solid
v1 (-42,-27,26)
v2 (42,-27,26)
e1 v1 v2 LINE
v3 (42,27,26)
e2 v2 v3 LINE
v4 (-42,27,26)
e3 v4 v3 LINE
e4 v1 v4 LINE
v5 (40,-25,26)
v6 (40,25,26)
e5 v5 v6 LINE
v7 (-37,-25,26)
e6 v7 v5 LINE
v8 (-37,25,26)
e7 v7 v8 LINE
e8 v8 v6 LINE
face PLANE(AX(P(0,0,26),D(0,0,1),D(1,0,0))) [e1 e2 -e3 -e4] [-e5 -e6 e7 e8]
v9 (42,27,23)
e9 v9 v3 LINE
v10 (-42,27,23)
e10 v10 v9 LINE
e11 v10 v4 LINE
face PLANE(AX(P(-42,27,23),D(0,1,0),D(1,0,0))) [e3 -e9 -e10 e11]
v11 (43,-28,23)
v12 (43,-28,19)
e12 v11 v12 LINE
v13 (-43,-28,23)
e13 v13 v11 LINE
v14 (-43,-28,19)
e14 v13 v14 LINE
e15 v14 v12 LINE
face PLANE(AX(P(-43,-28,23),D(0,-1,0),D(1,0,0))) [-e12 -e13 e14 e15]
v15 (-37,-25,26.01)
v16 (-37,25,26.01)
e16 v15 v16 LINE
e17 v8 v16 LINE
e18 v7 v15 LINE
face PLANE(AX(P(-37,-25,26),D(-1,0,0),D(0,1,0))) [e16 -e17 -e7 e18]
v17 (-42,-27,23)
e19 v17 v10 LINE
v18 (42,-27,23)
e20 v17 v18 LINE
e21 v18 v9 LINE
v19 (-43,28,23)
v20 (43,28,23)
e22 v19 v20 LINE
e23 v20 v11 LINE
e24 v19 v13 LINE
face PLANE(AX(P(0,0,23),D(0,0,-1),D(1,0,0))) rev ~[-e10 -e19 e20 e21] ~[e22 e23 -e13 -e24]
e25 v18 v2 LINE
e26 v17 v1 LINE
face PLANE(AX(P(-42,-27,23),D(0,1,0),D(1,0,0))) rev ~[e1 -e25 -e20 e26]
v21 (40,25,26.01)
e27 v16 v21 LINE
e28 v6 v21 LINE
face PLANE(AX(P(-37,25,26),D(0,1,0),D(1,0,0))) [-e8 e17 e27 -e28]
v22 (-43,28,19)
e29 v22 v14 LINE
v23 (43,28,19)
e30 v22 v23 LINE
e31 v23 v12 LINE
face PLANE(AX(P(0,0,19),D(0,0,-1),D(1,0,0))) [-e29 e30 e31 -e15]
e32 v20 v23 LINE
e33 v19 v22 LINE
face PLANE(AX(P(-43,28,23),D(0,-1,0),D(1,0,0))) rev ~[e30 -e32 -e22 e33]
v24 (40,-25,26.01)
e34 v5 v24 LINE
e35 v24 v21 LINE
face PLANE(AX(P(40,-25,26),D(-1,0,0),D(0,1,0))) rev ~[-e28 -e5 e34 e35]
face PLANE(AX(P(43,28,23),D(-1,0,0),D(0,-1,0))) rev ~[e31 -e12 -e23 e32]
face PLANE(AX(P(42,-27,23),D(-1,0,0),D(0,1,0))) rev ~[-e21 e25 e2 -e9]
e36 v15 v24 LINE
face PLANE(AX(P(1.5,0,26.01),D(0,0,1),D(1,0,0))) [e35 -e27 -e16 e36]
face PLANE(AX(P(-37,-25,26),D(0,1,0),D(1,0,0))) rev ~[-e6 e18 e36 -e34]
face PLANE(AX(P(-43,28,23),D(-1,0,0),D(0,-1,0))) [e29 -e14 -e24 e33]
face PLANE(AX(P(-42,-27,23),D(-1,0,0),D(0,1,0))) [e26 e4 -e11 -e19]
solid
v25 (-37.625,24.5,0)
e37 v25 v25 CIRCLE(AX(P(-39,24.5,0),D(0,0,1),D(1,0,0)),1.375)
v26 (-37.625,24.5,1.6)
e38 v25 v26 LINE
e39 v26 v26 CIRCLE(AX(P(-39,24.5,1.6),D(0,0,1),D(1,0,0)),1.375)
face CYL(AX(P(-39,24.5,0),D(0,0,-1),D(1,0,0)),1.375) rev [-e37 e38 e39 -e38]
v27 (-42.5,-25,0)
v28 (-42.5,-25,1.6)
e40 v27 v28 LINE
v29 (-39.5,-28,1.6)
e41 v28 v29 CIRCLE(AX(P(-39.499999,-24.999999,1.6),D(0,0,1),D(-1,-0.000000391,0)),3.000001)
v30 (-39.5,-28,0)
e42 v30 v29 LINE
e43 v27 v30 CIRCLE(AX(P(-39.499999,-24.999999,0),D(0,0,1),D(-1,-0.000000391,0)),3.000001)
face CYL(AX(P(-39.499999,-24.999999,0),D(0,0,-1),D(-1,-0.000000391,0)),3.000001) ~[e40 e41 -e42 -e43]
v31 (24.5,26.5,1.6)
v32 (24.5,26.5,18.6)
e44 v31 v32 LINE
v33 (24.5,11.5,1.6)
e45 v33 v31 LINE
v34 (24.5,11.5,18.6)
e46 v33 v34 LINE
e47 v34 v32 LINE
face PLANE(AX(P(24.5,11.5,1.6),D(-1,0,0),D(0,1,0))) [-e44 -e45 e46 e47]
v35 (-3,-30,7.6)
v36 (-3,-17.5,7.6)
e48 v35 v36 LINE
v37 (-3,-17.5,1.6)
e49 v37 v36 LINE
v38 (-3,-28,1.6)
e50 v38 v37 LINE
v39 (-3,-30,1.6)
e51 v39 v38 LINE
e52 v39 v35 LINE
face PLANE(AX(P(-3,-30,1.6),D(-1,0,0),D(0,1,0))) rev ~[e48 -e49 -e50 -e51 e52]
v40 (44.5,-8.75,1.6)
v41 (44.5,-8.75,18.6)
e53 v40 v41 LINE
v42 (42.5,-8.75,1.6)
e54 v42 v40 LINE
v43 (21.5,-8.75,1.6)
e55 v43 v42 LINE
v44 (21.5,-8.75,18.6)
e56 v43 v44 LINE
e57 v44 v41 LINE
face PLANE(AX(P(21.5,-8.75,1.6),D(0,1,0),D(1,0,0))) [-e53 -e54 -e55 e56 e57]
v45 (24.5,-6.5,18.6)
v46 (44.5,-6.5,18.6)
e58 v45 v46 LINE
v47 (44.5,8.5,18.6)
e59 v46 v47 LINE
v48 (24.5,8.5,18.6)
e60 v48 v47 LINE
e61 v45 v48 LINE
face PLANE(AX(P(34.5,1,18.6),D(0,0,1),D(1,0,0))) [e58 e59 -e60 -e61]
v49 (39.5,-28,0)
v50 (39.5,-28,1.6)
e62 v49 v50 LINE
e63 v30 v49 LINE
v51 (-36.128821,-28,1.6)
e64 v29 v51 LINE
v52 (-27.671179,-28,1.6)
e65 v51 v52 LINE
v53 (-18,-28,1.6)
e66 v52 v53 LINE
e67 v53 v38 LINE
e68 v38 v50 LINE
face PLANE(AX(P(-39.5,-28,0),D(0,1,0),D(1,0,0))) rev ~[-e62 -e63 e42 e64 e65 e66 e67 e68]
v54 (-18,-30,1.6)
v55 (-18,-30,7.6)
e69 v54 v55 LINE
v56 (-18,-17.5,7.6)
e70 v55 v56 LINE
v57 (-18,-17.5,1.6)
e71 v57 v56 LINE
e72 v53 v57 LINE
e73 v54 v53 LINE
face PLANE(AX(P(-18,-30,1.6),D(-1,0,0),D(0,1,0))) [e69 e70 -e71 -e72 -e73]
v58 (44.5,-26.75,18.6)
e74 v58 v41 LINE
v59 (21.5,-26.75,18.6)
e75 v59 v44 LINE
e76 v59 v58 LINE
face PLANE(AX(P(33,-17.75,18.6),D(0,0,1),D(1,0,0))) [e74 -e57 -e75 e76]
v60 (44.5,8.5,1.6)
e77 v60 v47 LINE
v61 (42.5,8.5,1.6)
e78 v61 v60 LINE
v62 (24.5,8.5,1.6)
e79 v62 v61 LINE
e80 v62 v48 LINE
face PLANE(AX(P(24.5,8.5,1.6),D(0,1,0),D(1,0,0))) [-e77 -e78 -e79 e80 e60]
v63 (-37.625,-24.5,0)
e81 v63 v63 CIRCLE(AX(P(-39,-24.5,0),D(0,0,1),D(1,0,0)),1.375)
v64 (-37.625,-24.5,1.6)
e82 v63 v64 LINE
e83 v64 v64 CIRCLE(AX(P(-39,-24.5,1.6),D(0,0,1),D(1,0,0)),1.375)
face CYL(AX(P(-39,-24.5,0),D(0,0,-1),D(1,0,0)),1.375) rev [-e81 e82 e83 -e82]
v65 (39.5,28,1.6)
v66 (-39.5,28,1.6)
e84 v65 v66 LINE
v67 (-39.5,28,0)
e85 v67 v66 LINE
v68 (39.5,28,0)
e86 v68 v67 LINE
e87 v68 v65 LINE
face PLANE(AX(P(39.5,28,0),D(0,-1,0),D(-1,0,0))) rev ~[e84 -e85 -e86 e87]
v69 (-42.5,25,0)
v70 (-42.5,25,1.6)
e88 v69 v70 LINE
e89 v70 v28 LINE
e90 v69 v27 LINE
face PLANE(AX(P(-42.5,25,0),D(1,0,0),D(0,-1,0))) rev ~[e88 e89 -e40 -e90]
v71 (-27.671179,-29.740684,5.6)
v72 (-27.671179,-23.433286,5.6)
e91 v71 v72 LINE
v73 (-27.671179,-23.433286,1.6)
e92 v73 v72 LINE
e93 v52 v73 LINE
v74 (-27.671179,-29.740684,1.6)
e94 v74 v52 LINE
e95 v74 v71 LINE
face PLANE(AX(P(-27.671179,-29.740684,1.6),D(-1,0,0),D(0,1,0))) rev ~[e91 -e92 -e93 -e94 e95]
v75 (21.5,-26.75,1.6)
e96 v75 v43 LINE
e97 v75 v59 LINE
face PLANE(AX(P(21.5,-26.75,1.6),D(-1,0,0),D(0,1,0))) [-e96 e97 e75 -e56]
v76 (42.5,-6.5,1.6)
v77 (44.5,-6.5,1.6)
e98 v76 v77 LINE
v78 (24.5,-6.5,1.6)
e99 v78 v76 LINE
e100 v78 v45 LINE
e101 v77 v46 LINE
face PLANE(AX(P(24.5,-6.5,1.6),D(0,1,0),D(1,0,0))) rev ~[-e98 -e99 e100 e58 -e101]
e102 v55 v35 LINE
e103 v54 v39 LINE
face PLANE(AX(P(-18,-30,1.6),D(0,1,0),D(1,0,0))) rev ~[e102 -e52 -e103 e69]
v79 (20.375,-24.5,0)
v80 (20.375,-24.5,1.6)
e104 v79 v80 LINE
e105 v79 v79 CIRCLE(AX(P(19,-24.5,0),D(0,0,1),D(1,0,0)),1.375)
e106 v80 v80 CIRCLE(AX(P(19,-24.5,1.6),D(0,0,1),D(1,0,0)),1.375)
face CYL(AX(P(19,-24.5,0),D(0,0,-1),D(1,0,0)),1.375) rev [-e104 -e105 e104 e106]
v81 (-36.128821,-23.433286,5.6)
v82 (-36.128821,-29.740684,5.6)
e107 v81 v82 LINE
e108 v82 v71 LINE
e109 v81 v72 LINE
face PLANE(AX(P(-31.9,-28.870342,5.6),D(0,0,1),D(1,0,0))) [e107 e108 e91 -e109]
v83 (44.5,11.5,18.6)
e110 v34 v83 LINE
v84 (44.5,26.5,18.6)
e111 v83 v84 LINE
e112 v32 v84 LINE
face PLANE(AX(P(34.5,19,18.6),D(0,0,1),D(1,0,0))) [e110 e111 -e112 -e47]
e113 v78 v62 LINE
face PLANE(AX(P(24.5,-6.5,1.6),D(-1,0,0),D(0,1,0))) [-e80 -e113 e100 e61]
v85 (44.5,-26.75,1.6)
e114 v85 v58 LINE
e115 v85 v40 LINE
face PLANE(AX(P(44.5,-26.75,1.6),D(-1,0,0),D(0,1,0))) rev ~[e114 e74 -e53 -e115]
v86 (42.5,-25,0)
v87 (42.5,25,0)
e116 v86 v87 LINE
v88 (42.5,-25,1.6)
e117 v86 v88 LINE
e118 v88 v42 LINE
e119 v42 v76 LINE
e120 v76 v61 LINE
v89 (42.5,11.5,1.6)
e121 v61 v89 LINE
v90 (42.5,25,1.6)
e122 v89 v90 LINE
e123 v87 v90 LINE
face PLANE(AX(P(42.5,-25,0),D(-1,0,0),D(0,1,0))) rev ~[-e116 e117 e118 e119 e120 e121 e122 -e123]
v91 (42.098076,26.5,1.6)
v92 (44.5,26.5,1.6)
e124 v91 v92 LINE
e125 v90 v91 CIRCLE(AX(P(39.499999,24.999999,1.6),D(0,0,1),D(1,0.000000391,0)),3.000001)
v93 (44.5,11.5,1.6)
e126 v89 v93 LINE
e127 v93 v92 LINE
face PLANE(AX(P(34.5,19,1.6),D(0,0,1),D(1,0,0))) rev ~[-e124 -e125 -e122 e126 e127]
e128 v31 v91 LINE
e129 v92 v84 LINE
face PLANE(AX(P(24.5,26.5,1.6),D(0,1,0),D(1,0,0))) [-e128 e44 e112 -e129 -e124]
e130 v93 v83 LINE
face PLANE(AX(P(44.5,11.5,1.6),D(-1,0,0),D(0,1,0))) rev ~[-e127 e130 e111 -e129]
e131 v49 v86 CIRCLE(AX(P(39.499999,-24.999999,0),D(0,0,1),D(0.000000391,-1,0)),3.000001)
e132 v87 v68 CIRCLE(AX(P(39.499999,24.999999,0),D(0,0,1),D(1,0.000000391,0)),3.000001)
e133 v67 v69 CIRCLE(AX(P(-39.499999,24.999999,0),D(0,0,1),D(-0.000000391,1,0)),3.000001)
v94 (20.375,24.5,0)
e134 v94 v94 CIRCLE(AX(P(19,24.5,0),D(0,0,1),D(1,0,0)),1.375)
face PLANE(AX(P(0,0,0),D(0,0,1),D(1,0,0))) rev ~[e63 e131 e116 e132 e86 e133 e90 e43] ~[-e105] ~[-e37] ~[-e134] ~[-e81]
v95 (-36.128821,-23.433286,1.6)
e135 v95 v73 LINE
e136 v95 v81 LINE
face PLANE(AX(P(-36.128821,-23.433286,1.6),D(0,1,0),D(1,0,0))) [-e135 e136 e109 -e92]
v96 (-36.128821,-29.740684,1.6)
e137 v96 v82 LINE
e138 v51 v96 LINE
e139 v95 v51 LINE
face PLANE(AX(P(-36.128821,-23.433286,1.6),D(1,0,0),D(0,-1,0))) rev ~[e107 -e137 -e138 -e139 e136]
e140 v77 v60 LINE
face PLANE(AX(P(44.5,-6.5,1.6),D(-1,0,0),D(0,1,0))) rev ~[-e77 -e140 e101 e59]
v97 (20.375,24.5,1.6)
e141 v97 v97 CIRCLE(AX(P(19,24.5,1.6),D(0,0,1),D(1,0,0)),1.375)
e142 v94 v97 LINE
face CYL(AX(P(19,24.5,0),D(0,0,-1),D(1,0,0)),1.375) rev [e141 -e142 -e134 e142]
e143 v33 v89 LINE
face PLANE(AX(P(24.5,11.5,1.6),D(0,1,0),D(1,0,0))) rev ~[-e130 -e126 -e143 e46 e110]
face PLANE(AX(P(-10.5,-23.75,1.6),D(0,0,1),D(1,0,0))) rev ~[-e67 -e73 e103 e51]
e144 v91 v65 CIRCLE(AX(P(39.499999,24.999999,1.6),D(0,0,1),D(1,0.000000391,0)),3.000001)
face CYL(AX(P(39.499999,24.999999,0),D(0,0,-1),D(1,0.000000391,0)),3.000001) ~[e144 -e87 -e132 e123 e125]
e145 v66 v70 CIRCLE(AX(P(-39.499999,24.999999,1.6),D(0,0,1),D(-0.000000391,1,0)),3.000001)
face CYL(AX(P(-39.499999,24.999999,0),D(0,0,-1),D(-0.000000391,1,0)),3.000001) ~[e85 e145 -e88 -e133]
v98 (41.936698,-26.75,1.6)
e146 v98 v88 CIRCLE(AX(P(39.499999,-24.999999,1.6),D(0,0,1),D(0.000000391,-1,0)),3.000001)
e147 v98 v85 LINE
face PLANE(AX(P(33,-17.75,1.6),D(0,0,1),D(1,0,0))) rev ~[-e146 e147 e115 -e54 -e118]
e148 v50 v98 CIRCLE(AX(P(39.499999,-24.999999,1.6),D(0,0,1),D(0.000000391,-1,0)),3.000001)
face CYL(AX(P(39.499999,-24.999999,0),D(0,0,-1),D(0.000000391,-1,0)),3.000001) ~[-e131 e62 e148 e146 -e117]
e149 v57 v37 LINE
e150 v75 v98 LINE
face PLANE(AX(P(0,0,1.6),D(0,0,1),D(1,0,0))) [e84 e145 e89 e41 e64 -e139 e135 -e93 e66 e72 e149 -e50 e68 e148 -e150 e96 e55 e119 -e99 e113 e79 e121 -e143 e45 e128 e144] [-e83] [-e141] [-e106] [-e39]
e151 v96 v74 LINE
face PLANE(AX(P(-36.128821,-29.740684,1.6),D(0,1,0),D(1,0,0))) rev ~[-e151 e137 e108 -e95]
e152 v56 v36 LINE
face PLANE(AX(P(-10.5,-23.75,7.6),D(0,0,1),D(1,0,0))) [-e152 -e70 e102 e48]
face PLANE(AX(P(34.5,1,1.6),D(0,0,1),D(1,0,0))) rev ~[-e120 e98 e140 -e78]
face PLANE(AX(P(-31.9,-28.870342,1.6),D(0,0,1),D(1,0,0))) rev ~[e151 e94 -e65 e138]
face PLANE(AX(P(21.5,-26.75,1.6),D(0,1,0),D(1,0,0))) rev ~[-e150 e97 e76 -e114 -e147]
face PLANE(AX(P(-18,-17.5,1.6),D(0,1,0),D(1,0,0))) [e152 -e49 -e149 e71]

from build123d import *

# Parameters (mm, degrees)
F0_R      = 1.375
F1_DEPTH  = 1.6
F2_W      = 8.457642
F2_H      = 1.740684
F2_H_2    = 4.566714
F3_DEPTH  = 4
F4_W      = 20
F4_H      = 15
F4_W_2    = 23
F4_H_2    = 18
F5_DEPTH  = 17
F6_W      = 15
F6_H      = 12.5
F7_DEPTH  = 6
F9_W      = 84
F9_H      = 54
F10_DEPTH = 3
F11_W     = 77
F11_H     = 50
F12_DEPTH = 0.01
F13_W     = 86
F13_H     = 56
F14_DEPTH = 4


with BuildPart() as f1:
    # F0 (on Top) → F1 (new body)
    with BuildSketch(Plane.XY):
        with BuildLine():
            Line((-39.5, -28), (39.5, -28))
            ThreePointArc((39.5, -28), (41.62132, -27.12132), (42.5, -25))
            Line((42.5, -25), (42.5, 25))
            ThreePointArc((42.5, 25), (41.62132, 27.12132), (39.5, 28))
            Line((39.5, 28), (-39.5, 28))
            ThreePointArc((-39.5, 28), (-41.62132, 27.12132), (-42.5, 25))
            Line((-42.5, 25), (-42.5, -25))
            ThreePointArc((-42.5, -25), (-41.62132, -27.12132), (-39.5, -28))
        make_face()
        with Locations((-39, -24.5)):
            Circle(F0_R, mode=Mode.SUBTRACT)
        with Locations((19, -24.5)):
            Circle(F0_R, mode=Mode.SUBTRACT)
        with Locations((-39, 24.5)):
            Circle(F0_R, mode=Mode.SUBTRACT)
        with Locations((19, 24.5)):
            Circle(F0_R, mode=Mode.SUBTRACT)
    extrude(amount=F1_DEPTH)

    # F2 (on face) → F3 (join)
    with BuildSketch(Plane.XY.offset(1.6)):
        with Locations((-31.9, -28.870342)):
            Rectangle(F2_W, F2_H)
        with Locations((-31.9, -25.716643)):
            Rectangle(F2_W, F2_H_2)
    extrude(amount=F3_DEPTH)

    # F4 (on face) → F5 (join)
    with BuildSketch(Plane.XY.offset(1.6)):
        with Locations((34.5, 19)):
            Rectangle(F4_W, F4_H)
        with Locations((34.5, 1)):
            Rectangle(F4_W, F4_H)
        with Locations((33, -17.75)):
            Rectangle(F4_W_2, F4_H_2)
    extrude(amount=F5_DEPTH)

    # F6 (on face) → F7 (join)
    with BuildSketch(Plane.XY.offset(1.6)):
        with Locations((-10.5, -23.75)):
            Rectangle(F6_W, F6_H)
    extrude(amount=F7_DEPTH)


with BuildPart() as f10:
    # F9 (on offset) → F10 (new body)
    with BuildSketch(Plane.XY.offset(23)):
        Rectangle(F9_W, F9_H)
    extrude(amount=F10_DEPTH)

    # F11 (on face) → F12 (join)
    with BuildSketch(Plane.XY.offset(26)):
        with Locations((1.5, 0)):
            Rectangle(F11_W, F11_H)
    extrude(amount=F12_DEPTH)

    # F13 (on face) → F14 (join)
    with BuildSketch(Plane(origin=(0, 0, 23), x_dir=(1, 0, 0), z_dir=(0, 0, -1))):
        Rectangle(F13_W, F13_H)
    extrude(amount=F14_DEPTH)


solid = Compound([f1.part, f10.part])
